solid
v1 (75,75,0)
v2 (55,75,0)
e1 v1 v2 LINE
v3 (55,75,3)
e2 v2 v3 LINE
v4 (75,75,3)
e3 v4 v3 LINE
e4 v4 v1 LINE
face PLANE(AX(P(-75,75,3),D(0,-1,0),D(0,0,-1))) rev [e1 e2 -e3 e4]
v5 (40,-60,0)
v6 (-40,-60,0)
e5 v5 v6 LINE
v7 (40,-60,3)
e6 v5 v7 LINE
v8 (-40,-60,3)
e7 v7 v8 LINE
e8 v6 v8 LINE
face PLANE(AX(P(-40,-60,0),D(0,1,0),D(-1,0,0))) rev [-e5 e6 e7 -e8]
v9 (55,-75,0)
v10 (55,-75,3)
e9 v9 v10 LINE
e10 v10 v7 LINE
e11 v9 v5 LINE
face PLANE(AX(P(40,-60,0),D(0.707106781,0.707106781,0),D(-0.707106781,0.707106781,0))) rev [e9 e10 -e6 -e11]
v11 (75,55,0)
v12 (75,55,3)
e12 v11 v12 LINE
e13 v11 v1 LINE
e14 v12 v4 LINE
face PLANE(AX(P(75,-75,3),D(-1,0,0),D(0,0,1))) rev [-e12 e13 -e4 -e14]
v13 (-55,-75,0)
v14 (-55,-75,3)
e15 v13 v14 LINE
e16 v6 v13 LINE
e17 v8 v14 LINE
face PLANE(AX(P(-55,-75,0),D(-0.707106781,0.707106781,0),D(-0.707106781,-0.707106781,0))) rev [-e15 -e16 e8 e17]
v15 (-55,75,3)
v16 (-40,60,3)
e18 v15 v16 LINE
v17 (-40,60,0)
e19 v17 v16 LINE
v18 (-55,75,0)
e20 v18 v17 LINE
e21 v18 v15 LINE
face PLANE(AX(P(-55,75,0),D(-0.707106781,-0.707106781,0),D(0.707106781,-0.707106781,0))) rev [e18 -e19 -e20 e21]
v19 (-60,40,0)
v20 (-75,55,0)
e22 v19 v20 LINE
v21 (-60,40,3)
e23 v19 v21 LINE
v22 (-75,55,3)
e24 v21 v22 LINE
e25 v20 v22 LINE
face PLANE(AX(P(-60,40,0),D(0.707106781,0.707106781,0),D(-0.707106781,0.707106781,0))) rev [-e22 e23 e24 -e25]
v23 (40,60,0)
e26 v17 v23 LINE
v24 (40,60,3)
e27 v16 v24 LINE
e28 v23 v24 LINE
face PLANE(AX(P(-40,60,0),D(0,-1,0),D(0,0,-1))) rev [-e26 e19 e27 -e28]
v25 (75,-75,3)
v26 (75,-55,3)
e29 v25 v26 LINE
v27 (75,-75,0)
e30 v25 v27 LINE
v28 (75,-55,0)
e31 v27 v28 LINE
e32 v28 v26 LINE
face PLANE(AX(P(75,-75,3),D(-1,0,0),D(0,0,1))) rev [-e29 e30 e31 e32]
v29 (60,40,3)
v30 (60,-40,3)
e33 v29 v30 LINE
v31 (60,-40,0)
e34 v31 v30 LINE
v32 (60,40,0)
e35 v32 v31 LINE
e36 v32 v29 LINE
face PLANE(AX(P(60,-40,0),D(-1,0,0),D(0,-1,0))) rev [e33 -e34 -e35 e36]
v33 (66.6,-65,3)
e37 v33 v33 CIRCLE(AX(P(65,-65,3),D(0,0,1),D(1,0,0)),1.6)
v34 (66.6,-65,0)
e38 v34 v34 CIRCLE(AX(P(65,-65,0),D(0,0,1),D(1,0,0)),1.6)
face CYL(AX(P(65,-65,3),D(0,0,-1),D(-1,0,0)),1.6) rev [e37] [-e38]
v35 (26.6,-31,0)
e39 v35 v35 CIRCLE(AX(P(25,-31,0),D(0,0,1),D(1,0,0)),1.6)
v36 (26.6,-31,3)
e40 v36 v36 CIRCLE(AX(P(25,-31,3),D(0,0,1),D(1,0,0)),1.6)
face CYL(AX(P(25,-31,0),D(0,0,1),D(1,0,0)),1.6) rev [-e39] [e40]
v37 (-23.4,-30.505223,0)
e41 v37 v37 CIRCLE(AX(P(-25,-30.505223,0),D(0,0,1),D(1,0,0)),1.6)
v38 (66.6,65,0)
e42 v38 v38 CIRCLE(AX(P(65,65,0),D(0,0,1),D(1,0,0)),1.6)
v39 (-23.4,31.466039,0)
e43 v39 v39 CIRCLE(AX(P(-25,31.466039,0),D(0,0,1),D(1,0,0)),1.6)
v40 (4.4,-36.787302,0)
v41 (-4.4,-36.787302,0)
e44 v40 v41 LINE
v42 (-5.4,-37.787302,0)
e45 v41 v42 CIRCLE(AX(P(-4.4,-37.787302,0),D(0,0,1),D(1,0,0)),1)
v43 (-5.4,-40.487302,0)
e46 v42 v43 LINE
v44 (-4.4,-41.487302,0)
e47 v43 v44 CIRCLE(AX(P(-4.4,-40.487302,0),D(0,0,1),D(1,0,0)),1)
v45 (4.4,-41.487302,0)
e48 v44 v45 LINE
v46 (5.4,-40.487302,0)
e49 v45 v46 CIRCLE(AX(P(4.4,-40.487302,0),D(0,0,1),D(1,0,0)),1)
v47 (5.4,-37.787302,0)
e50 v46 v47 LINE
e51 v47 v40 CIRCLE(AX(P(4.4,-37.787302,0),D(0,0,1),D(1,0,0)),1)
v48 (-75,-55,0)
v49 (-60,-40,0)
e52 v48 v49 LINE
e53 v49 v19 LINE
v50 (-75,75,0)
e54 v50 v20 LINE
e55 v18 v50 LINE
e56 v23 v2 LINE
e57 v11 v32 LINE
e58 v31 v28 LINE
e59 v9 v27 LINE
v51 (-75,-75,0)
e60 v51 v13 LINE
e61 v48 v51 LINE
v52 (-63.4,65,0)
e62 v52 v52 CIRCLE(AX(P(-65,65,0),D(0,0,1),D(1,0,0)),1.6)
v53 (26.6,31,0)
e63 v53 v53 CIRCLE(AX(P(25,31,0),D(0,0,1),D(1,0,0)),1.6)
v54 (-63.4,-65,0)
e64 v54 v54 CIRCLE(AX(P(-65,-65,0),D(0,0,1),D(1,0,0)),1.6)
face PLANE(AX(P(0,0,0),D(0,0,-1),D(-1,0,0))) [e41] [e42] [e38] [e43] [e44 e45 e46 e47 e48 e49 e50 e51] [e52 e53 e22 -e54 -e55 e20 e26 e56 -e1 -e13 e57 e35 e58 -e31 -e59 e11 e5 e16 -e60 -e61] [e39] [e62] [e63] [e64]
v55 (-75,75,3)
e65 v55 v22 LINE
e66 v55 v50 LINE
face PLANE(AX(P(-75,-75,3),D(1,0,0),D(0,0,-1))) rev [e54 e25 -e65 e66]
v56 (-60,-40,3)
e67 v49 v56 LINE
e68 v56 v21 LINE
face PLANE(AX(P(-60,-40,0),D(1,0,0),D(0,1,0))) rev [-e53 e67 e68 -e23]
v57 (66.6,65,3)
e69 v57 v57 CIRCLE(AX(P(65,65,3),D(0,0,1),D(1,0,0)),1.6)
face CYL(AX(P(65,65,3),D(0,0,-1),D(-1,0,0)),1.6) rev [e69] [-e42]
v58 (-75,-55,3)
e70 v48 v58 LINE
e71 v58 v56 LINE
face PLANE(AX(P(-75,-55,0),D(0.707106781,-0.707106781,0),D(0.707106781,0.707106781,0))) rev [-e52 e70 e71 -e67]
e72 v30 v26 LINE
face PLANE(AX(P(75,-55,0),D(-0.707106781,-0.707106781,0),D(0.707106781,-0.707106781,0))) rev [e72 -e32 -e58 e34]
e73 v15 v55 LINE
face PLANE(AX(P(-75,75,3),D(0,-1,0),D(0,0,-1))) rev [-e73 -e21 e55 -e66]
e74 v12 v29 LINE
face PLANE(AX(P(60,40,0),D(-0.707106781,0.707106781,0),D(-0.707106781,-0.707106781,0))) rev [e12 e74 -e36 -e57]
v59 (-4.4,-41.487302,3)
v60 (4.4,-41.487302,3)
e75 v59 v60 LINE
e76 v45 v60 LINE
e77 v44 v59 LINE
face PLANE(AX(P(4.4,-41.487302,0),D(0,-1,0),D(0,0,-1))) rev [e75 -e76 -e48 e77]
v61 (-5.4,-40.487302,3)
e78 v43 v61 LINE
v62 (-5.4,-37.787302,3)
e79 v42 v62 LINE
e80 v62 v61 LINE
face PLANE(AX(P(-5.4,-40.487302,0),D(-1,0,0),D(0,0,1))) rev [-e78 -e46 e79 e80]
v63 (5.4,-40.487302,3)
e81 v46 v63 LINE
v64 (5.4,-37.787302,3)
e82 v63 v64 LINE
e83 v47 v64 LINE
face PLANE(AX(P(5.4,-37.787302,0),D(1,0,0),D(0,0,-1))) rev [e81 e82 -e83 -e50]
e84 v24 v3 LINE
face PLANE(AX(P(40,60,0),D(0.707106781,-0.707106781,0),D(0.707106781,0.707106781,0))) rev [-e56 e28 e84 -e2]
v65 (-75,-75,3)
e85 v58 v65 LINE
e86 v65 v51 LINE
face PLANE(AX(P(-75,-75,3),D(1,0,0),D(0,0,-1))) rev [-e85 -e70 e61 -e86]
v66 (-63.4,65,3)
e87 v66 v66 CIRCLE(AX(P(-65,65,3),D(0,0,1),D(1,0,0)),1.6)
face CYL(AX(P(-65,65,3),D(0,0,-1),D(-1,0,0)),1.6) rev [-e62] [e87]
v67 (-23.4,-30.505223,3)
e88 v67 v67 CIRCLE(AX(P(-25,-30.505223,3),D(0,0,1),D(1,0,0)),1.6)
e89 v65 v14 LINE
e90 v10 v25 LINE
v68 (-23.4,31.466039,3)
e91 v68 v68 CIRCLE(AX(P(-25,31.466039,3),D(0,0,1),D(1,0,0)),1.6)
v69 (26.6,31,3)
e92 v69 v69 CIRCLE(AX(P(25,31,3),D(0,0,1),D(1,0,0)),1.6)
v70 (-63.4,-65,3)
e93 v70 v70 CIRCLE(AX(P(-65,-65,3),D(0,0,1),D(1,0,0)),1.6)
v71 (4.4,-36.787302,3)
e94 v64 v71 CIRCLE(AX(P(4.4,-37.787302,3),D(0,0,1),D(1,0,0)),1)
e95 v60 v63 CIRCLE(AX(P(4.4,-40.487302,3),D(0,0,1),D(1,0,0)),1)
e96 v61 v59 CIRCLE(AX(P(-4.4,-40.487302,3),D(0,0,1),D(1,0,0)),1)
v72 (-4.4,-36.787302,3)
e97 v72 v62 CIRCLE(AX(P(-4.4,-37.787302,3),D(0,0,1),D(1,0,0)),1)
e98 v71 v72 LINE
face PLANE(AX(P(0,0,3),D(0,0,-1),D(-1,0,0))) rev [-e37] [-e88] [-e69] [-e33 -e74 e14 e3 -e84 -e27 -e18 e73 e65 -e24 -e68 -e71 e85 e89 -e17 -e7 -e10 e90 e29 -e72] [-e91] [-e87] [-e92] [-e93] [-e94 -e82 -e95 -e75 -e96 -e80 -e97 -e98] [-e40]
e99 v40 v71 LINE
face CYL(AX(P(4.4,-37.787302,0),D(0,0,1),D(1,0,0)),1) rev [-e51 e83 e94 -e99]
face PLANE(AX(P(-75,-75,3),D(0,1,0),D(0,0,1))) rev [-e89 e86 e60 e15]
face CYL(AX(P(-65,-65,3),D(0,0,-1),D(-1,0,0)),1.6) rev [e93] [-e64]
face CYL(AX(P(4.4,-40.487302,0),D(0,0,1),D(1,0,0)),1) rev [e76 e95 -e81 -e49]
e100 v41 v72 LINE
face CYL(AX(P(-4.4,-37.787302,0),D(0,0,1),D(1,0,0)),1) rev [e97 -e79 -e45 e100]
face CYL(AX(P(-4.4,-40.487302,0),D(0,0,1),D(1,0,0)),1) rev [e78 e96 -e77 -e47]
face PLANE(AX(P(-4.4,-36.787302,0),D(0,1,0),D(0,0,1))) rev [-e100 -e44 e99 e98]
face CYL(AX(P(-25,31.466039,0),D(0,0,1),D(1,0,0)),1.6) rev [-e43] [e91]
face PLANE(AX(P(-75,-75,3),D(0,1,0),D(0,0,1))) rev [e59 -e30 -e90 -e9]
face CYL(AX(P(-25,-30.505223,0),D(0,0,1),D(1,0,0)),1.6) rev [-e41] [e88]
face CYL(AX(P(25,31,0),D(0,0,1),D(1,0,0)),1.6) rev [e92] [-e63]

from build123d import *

# Parameters (mm, degrees)
SKETCH_1_W          = 150
SKETCH_1_H          = 150
SKETCH_1_R          = 1.6
EXTRUDE_1_DEPTH     = 3
SKETCH_2_R          = 1.6
CUT_EXTRUDE_1_DEPTH = 3
CUT_EXTRUDE_2_DEPTH = 3


with BuildPart() as part:
    # 草图1 → 凸台-拉伸1 (new body)
    with BuildSketch(Plane.XY):
        Rectangle(SKETCH_1_W, SKETCH_1_H)
        with Locations((-65, 65)):
            Circle(SKETCH_1_R, mode=Mode.SUBTRACT)
        with Locations((65, 65)):
            Circle(SKETCH_1_R, mode=Mode.SUBTRACT)
        with Locations((-65, -65)):
            Circle(SKETCH_1_R, mode=Mode.SUBTRACT)
        with Locations((65, -65)):
            Circle(SKETCH_1_R, mode=Mode.SUBTRACT)
    extrude(amount=EXTRUDE_1_DEPTH)

    # 草图2 → 切除-拉伸1 (cut)
    with BuildSketch(Plane.XY.offset(3)):
        with Locations((-25, -30.505222727)):
            Circle(SKETCH_2_R)
        with Locations((25, -31)):
            Circle(SKETCH_2_R)
        with Locations((25, 31)):
            Circle(SKETCH_2_R)
        with Locations((-25, 31.466039431)):
            Circle(SKETCH_2_R)
        Polygon((75, -55), (75, 55), (60, 40), (60, -40), align=None)
        Polygon((-55, 75), (-40, 60), (40, 60), (55, 75), align=None)
        Polygon((-75, -55), (-60, -40), (-60, 40), (-75, 55), align=None)
        Polygon((-55, -75), (55, -75), (40, -60), (-40, -60), align=None)
    extrude(amount=-CUT_EXTRUDE_1_DEPTH, mode=Mode.SUBTRACT)

    # 草图3 → 切除-拉伸2 (cut)
    with BuildSketch(Plane.XY.offset(3)):
        with BuildLine():
            Line((-5.4, -40.487301924), (-5.4, -37.787301924))
            ThreePointArc((-5.4, -37.787301924), (-5.107106781, -37.080195143), (-4.4, -36.787301924))
            Line((-4.4, -36.787301924), (4.4, -36.787301924))
            ThreePointArc((4.4, -36.787301924), (5.107106781, -37.080195143), (5.4, -37.787301924))
            Line((5.4, -37.787301924), (5.4, -40.487301924))
            ThreePointArc((5.4, -40.487301924), (5.107106781, -41.194408705), (4.4, -41.487301924))
            Line((4.4, -41.487301924), (-4.4, -41.487301924))
            ThreePointArc((-4.4, -41.487301924), (-5.107106781, -41.194408705), (-5.4, -40.487301924))
        make_face()
    extrude(amount=-CUT_EXTRUDE_2_DEPTH, mode=Mode.SUBTRACT)


solid = part.part
